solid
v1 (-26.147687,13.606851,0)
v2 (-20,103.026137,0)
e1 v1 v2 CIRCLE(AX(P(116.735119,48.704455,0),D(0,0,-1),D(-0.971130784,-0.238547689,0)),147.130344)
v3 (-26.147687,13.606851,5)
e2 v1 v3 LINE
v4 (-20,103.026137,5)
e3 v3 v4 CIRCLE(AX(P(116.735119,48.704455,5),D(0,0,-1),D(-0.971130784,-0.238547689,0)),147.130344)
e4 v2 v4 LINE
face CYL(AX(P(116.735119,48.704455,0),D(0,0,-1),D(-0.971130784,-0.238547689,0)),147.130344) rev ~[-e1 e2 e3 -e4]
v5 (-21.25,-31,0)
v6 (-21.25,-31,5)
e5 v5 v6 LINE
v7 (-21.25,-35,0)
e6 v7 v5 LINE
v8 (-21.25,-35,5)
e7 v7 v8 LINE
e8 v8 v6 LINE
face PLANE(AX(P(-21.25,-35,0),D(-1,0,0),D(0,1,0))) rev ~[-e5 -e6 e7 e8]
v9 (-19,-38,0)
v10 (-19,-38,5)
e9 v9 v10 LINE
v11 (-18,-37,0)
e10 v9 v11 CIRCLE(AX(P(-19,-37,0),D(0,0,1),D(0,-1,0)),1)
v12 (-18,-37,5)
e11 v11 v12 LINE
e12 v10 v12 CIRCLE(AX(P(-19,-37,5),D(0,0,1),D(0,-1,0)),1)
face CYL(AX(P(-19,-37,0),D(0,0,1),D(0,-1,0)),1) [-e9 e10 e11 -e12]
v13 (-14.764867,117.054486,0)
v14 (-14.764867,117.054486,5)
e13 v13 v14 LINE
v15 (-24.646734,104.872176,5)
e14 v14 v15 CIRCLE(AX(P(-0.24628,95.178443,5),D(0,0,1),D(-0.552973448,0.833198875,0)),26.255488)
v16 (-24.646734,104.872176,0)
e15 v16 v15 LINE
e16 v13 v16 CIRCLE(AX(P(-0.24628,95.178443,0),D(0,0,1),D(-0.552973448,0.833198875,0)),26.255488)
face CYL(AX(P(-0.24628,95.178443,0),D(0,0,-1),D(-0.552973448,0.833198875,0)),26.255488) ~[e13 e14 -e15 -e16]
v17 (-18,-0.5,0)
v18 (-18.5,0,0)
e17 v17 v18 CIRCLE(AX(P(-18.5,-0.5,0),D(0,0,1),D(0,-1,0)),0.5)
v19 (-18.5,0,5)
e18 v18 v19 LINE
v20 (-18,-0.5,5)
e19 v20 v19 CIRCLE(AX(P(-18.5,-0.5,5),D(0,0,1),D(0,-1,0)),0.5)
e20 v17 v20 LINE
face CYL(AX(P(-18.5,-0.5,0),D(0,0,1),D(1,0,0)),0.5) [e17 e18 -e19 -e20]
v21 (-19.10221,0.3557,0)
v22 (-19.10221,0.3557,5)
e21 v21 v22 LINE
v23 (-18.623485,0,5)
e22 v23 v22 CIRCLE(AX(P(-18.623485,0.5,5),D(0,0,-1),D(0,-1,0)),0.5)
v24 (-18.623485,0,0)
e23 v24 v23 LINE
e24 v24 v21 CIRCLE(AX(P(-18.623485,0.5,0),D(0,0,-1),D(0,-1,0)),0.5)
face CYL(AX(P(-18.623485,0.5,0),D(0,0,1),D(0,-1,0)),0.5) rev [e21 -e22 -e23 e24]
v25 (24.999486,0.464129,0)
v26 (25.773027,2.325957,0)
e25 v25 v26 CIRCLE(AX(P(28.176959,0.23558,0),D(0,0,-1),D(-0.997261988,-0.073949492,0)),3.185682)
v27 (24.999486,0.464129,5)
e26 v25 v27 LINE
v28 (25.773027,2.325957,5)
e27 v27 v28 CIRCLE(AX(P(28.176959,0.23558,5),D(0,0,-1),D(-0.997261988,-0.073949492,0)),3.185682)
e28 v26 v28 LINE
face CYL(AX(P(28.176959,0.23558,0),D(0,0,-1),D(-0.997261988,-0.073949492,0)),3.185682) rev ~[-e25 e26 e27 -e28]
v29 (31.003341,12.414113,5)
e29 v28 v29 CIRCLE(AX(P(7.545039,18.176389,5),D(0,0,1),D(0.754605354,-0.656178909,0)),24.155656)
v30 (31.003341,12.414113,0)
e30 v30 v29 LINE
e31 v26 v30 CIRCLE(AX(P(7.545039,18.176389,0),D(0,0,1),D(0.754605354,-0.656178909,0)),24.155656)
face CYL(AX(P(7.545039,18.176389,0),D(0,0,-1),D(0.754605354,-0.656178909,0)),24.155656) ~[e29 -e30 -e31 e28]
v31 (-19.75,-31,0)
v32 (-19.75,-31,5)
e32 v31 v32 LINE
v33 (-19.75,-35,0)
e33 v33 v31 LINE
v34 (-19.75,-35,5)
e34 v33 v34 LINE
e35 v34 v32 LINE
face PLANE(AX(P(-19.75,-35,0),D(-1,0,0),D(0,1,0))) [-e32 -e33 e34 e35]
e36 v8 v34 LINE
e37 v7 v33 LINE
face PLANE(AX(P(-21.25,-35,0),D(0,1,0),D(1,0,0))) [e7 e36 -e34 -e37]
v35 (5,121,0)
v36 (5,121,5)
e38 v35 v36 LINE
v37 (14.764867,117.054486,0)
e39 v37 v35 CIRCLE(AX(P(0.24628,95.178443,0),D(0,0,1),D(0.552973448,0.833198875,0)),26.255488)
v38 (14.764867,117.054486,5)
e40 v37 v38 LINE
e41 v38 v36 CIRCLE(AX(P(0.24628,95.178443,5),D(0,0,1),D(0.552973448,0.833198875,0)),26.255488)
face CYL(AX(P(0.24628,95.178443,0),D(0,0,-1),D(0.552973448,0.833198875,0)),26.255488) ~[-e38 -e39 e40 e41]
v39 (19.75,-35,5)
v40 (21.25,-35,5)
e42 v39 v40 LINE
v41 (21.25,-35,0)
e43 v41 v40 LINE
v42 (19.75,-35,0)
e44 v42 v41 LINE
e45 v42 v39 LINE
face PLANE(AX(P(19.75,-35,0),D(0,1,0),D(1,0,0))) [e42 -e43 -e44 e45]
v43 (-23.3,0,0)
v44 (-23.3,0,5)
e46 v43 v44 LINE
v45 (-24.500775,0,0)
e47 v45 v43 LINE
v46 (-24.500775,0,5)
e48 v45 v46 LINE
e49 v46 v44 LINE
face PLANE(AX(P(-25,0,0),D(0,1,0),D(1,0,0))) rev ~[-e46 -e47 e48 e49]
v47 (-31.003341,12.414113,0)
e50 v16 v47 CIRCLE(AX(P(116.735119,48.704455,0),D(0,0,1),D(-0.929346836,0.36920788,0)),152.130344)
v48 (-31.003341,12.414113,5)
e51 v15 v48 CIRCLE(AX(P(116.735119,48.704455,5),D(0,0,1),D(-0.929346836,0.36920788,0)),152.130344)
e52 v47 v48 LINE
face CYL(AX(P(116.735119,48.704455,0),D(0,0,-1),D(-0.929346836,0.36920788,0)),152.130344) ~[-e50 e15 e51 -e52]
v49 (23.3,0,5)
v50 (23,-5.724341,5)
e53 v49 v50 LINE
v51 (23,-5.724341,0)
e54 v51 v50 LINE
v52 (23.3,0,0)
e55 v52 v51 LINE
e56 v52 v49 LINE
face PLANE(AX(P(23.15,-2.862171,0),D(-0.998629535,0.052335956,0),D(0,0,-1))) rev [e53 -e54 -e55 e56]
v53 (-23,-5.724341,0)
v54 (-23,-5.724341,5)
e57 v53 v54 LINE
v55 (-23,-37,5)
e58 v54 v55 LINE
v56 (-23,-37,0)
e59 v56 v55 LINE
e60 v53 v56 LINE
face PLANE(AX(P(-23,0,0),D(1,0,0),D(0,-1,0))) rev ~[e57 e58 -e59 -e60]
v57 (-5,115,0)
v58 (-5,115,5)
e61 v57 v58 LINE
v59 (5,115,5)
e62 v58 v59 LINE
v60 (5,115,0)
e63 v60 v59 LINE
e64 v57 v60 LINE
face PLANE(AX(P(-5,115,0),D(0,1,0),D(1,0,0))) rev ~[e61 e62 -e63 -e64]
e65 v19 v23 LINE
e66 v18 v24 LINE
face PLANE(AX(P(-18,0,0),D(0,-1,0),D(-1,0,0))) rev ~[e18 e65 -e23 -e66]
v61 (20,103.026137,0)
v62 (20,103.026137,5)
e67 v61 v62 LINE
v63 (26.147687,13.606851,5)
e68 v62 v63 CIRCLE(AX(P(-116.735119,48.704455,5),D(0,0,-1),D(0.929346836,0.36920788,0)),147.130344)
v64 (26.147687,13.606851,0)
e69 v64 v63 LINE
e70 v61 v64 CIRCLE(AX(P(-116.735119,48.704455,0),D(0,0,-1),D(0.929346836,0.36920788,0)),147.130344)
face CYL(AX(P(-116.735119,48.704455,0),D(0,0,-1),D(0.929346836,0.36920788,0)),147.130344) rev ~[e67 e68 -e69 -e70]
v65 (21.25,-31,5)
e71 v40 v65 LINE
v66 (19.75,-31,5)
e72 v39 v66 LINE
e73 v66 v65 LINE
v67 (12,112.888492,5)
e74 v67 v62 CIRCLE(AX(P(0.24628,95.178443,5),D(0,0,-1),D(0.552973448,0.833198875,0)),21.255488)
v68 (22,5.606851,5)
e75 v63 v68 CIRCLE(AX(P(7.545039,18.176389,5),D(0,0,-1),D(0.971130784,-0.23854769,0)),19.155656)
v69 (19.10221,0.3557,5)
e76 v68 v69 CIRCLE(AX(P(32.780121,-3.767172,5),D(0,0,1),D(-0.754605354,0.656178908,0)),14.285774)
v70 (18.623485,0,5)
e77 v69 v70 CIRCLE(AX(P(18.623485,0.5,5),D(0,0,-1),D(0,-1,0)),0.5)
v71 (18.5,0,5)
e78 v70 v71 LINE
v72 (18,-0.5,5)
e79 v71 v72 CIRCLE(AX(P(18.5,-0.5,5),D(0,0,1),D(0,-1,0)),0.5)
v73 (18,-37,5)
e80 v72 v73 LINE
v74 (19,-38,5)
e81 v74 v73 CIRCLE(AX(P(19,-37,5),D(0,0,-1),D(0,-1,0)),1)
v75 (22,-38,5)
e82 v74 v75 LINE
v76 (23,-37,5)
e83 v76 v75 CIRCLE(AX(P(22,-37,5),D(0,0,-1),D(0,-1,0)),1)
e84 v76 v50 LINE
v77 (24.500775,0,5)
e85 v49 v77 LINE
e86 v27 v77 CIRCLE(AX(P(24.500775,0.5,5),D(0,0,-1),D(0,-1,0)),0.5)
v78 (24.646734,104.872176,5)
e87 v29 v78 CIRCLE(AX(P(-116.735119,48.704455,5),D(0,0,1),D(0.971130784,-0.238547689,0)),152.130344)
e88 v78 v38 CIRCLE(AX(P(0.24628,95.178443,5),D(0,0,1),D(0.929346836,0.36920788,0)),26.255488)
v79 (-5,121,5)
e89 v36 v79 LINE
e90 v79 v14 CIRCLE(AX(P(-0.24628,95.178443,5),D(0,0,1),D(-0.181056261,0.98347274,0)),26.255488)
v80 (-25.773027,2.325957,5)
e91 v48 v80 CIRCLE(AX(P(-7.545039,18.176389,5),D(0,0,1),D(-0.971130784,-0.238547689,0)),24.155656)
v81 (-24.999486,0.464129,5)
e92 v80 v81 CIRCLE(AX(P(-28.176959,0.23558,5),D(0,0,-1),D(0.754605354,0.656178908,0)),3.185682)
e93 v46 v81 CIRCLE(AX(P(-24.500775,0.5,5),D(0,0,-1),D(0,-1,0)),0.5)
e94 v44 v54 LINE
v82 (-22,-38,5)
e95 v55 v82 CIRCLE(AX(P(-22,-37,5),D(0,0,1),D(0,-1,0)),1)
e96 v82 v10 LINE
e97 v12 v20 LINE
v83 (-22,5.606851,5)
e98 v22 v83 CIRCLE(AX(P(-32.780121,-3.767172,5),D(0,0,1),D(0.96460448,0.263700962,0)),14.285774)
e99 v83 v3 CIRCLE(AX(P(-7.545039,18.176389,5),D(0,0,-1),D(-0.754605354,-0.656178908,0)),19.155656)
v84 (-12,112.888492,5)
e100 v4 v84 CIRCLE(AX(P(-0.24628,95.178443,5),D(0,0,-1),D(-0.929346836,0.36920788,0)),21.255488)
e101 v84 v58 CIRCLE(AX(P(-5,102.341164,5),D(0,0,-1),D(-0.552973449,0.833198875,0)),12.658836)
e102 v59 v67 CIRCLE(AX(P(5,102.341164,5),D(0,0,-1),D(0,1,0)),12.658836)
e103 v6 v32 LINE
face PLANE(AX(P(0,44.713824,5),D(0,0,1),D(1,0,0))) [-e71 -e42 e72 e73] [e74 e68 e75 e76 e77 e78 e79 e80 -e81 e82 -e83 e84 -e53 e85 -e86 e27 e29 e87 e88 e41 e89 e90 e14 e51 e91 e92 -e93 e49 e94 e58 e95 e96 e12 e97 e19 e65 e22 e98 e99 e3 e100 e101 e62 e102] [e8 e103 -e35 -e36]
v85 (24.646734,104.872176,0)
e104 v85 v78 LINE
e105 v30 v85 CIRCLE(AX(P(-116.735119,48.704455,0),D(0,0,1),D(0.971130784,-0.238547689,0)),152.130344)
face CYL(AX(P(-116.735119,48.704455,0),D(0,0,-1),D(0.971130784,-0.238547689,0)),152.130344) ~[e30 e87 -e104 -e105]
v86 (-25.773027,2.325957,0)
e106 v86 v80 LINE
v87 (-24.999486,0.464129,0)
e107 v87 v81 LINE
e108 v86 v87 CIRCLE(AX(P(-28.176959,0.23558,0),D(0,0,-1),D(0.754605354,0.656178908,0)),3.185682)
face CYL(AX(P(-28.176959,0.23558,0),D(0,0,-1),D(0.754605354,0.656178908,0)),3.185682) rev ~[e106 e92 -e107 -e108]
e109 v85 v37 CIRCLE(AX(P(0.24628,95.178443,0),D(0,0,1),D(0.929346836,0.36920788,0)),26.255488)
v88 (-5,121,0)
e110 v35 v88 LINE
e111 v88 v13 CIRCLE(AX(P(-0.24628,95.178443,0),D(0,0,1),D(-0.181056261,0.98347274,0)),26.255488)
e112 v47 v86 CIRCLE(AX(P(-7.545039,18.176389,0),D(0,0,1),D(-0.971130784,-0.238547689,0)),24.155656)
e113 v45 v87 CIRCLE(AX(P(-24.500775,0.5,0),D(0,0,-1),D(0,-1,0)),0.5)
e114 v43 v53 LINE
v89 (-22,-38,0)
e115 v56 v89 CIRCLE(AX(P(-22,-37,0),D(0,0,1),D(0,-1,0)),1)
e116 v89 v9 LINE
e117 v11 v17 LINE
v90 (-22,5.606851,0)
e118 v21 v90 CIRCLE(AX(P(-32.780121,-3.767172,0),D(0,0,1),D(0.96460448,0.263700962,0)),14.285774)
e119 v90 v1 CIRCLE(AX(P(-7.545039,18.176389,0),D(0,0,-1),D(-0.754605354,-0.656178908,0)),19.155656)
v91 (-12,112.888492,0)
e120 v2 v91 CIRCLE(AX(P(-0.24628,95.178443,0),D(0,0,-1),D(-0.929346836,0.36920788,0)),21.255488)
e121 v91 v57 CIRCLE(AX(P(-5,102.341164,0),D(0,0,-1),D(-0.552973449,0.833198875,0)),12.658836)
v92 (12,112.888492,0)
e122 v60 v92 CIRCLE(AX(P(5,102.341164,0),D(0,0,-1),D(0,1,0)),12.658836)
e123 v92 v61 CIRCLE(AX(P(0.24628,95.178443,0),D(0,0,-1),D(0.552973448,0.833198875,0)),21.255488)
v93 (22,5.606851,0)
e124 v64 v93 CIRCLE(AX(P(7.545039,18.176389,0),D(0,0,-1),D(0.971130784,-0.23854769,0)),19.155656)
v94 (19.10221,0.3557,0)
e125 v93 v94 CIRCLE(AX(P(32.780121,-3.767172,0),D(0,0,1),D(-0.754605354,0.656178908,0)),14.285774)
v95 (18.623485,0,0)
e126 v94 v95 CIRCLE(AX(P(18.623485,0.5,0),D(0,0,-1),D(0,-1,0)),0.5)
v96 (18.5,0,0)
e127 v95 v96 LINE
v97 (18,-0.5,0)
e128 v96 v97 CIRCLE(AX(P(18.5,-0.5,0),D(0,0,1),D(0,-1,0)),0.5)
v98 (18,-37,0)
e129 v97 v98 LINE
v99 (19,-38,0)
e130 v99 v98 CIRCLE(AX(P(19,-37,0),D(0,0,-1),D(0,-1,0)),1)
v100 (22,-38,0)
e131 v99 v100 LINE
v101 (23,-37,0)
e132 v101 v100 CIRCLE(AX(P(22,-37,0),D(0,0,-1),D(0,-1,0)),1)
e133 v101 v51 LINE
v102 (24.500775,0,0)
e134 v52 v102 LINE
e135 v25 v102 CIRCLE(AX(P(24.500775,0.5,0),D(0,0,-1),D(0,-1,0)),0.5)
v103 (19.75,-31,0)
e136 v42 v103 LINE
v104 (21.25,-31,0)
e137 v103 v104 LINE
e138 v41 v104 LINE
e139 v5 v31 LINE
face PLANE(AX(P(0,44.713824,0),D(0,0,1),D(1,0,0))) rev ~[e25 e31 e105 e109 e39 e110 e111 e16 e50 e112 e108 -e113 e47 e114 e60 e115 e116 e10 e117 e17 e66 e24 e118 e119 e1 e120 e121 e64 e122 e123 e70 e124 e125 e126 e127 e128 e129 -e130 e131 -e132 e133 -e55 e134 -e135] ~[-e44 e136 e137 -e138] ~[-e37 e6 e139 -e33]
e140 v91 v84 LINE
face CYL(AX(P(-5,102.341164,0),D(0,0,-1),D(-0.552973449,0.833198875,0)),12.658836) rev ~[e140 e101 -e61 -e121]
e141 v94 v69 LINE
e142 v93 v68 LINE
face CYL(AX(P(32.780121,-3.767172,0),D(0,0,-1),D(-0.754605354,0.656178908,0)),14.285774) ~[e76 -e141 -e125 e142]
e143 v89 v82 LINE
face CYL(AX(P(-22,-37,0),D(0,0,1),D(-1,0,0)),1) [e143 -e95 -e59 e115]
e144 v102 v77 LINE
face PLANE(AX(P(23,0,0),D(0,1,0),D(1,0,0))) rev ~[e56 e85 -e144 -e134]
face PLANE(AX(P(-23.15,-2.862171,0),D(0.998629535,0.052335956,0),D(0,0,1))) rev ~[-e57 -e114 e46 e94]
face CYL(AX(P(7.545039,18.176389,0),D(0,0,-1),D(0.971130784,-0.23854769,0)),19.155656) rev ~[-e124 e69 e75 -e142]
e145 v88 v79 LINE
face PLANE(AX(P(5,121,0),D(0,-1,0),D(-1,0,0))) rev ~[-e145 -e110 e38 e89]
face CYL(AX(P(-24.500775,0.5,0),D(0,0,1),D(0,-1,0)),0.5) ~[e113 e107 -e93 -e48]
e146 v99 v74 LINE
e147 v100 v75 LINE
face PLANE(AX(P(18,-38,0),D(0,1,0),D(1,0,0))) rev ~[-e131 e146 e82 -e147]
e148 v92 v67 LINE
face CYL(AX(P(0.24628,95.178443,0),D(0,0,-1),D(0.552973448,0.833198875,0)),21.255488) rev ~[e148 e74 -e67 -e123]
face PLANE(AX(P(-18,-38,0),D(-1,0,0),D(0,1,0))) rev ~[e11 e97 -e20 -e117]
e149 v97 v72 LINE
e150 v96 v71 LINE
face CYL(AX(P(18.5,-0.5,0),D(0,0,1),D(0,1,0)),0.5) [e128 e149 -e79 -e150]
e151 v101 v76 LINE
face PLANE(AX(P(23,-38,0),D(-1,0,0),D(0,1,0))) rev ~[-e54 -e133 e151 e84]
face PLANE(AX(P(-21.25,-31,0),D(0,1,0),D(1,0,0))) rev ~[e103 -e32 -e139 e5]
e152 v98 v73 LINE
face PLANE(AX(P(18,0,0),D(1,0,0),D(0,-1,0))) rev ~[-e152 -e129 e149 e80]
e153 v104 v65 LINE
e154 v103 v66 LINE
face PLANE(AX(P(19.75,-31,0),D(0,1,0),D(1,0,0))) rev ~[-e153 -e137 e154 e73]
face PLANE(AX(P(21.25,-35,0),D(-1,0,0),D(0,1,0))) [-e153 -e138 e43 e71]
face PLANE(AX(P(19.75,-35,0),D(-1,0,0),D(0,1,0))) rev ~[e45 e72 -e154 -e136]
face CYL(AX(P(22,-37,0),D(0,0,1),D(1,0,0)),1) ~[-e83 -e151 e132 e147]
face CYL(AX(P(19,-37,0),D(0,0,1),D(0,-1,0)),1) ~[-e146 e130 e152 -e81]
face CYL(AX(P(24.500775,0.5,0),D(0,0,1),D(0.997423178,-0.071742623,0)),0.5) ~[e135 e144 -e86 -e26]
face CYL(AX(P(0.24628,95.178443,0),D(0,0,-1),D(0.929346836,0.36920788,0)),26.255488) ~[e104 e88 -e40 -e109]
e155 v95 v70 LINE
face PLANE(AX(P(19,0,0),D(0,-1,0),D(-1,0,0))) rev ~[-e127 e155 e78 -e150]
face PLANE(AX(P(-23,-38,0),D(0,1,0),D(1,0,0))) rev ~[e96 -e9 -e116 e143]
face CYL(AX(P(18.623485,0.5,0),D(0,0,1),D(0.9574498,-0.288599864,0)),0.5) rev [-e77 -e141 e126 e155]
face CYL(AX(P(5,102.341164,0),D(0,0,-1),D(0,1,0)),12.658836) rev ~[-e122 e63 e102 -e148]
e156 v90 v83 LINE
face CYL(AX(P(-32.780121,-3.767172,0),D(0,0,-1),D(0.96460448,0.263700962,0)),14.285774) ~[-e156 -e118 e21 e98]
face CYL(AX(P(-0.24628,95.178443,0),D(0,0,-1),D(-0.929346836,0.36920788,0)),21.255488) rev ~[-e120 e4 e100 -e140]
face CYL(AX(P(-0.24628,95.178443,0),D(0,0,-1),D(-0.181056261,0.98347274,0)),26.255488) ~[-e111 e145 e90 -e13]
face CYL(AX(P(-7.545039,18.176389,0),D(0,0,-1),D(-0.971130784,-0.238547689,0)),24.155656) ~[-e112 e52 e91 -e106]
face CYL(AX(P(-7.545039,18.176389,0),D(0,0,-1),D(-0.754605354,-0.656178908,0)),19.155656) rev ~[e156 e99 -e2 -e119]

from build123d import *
from OCP.BRepFilletAPI import BRepFilletAPI_MakeChamfer

# Parameters (mm, degrees)
SKETCH1_W           = 1.5
SKETCH1_H           = 4
BOSS_EXTRUDE2_DEPTH = 5
FILLET1_R           = 0.5
CHAMFER1_SIZE       = 0.3
CHAMFER1_SIZE2      = 5.724341006
FILLET2_R           = 1


with BuildPart() as part:
    # Sketch1 → Boss-Extrude2 (new body)
    with BuildSketch(Plane.XY):
        with BuildLine():
            Line((-23, 0), (-23, -38))
            Line((-23, -38), (-18, -38))
            Line((-18, -38), (-18, 0))
            Line((-18, 0), (-19, 0))
            ThreePointArc((-19, 0), (-20.184067393, 2.97246837), (-22, 5.606851138))
            ThreePointArc((-22, 5.606851138), (-24.550960709, 9.359484468), (-26.147686675, 13.606851138))
            ThreePointArc((-26.147686675, 13.606851138), (-30.048729273, 58.796026105), (-20, 103.026136974))
            ThreePointArc((-20, 103.026136974), (-16.753739062, 108.568721435), (-12, 112.888491974))
            ThreePointArc((-12, 112.888491974), (-8.655764836, 114.460632304), (-5, 115))
            Line((-5, 115), (0, 115))
            Line((0, 115), (5, 115))
            ThreePointArc((5, 115), (8.655764836, 114.460632304), (12, 112.888491974))
            ThreePointArc((12, 112.888491974), (16.753739062, 108.568721435), (20, 103.026136974))
            ThreePointArc((20, 103.026136974), (30.048729273, 58.796026105), (26.147686675, 13.606851138))
            ThreePointArc((26.147686675, 13.606851138), (24.550960709, 9.359484468), (22, 5.606851138))
            ThreePointArc((22, 5.606851138), (20.184067393, 2.97246837), (19, 0))
            Line((19, 0), (18, 0))
            Line((18, 0), (18, -38))
            Line((18, -38), (23, -38))
            Line((23, -38), (23, 0))
            Line((23, 0), (25, 0))
            ThreePointArc((25, 0), (25.153863701, 1.240298929), (25.773026769, 2.325956595))
            ThreePointArc((25.773026769, 2.325956595), (28.989837998, 7.058100445), (31.003340596, 12.414112692))
            ThreePointArc((31.003340596, 12.414112692), (35.036954168, 59.138972746), (24.646734179, 104.872176375))
            ThreePointArc((24.646734179, 104.872176375), (20.63684435, 111.718561641), (14.764867241, 117.05448635))
            ThreePointArc((14.764867241, 117.05448635), (10.08229677, 119.521890335), (5, 121))
            Line((5, 121), (-5, 121))
            ThreePointArc((-5, 121), (-10.08229677, 119.521890335), (-14.764867241, 117.05448635))
            ThreePointArc((-14.764867241, 117.05448635), (-20.63684435, 111.718561641), (-24.646734179, 104.872176375))
            ThreePointArc((-24.646734179, 104.872176375), (-35.036954168, 59.138972746), (-31.003340596, 12.414112692))
            ThreePointArc((-31.003340596, 12.414112692), (-28.989837998, 7.058100445), (-25.773026769, 2.325956595))
            ThreePointArc((-25.773026769, 2.325956595), (-25.153863701, 1.240298929), (-25, 0))
            Line((-25, 0), (-23, 0))
        make_face()
        with Locations((-20.5, -33)):
            Rectangle(SKETCH1_W, SKETCH1_H, mode=Mode.SUBTRACT)
        with Locations((20.5, -33)):
            Rectangle(SKETCH1_W, SKETCH1_H, mode=Mode.SUBTRACT)
    extrude(amount=BOSS_EXTRUDE2_DEPTH)

    # Fillet1
    fillet1_edges = [part.edges().sort_by_distance(p)[0] for p in [
        (-25, 0, 2.5),
        (25, 0, 2.5),
        (18, 0, 2.5),
        (19, 0, 2.5),
        (-19, 0, 2.5),
        (-18, 0, 2.5),
    ]]
    fillet(fillet1_edges, radius=FILLET1_R)

    # Chamfer1: one chamfer whose edges measure the first distance from different faces: ONE call of the kernel's chamfer builder (chamfer() names one face for all edges)
    chamfer1_edges_1 = [part.edges().sort_by_distance(p)[0] for p in [
        (-23, 0, 2.5),
    ]]
    chamfer1_side_1 = [part.faces().sort_by_distance(p)[0] for p in [
        (-23.750387455, 0, 2.5),
    ]]
    chamfer1_edges_2 = [part.edges().sort_by_distance(p)[0] for p in [
        (23, 0, 2.5),
    ]]
    chamfer1_side_2 = [part.faces().sort_by_distance(p)[0] for p in [
        (23.750387455, 0, 2.5),
    ]]
    chamfer1 = BRepFilletAPI_MakeChamfer(part.part.solid().wrapped)
    for e in chamfer1_edges_1:
        chamfer1.Add(CHAMFER1_SIZE, CHAMFER1_SIZE2, e.wrapped, chamfer1_side_1[0].wrapped)  # the first distance lies on this face
    for e in chamfer1_edges_2:
        chamfer1.Add(CHAMFER1_SIZE, CHAMFER1_SIZE2, e.wrapped, chamfer1_side_2[0].wrapped)  # the first distance lies on this face
    add(Compound.cast(chamfer1.Shape()), mode=Mode.REPLACE)

    # Fillet2
    fillet2_edges = [part.edges().sort_by_distance(p)[0] for p in [
        (-18, -38, 2.5),
        (-23, -38, 2.5),
        (23, -38, 2.5),
        (18, -38, 2.5),
    ]]
    fillet(fillet2_edges, radius=FILLET2_R)


solid = part.part
